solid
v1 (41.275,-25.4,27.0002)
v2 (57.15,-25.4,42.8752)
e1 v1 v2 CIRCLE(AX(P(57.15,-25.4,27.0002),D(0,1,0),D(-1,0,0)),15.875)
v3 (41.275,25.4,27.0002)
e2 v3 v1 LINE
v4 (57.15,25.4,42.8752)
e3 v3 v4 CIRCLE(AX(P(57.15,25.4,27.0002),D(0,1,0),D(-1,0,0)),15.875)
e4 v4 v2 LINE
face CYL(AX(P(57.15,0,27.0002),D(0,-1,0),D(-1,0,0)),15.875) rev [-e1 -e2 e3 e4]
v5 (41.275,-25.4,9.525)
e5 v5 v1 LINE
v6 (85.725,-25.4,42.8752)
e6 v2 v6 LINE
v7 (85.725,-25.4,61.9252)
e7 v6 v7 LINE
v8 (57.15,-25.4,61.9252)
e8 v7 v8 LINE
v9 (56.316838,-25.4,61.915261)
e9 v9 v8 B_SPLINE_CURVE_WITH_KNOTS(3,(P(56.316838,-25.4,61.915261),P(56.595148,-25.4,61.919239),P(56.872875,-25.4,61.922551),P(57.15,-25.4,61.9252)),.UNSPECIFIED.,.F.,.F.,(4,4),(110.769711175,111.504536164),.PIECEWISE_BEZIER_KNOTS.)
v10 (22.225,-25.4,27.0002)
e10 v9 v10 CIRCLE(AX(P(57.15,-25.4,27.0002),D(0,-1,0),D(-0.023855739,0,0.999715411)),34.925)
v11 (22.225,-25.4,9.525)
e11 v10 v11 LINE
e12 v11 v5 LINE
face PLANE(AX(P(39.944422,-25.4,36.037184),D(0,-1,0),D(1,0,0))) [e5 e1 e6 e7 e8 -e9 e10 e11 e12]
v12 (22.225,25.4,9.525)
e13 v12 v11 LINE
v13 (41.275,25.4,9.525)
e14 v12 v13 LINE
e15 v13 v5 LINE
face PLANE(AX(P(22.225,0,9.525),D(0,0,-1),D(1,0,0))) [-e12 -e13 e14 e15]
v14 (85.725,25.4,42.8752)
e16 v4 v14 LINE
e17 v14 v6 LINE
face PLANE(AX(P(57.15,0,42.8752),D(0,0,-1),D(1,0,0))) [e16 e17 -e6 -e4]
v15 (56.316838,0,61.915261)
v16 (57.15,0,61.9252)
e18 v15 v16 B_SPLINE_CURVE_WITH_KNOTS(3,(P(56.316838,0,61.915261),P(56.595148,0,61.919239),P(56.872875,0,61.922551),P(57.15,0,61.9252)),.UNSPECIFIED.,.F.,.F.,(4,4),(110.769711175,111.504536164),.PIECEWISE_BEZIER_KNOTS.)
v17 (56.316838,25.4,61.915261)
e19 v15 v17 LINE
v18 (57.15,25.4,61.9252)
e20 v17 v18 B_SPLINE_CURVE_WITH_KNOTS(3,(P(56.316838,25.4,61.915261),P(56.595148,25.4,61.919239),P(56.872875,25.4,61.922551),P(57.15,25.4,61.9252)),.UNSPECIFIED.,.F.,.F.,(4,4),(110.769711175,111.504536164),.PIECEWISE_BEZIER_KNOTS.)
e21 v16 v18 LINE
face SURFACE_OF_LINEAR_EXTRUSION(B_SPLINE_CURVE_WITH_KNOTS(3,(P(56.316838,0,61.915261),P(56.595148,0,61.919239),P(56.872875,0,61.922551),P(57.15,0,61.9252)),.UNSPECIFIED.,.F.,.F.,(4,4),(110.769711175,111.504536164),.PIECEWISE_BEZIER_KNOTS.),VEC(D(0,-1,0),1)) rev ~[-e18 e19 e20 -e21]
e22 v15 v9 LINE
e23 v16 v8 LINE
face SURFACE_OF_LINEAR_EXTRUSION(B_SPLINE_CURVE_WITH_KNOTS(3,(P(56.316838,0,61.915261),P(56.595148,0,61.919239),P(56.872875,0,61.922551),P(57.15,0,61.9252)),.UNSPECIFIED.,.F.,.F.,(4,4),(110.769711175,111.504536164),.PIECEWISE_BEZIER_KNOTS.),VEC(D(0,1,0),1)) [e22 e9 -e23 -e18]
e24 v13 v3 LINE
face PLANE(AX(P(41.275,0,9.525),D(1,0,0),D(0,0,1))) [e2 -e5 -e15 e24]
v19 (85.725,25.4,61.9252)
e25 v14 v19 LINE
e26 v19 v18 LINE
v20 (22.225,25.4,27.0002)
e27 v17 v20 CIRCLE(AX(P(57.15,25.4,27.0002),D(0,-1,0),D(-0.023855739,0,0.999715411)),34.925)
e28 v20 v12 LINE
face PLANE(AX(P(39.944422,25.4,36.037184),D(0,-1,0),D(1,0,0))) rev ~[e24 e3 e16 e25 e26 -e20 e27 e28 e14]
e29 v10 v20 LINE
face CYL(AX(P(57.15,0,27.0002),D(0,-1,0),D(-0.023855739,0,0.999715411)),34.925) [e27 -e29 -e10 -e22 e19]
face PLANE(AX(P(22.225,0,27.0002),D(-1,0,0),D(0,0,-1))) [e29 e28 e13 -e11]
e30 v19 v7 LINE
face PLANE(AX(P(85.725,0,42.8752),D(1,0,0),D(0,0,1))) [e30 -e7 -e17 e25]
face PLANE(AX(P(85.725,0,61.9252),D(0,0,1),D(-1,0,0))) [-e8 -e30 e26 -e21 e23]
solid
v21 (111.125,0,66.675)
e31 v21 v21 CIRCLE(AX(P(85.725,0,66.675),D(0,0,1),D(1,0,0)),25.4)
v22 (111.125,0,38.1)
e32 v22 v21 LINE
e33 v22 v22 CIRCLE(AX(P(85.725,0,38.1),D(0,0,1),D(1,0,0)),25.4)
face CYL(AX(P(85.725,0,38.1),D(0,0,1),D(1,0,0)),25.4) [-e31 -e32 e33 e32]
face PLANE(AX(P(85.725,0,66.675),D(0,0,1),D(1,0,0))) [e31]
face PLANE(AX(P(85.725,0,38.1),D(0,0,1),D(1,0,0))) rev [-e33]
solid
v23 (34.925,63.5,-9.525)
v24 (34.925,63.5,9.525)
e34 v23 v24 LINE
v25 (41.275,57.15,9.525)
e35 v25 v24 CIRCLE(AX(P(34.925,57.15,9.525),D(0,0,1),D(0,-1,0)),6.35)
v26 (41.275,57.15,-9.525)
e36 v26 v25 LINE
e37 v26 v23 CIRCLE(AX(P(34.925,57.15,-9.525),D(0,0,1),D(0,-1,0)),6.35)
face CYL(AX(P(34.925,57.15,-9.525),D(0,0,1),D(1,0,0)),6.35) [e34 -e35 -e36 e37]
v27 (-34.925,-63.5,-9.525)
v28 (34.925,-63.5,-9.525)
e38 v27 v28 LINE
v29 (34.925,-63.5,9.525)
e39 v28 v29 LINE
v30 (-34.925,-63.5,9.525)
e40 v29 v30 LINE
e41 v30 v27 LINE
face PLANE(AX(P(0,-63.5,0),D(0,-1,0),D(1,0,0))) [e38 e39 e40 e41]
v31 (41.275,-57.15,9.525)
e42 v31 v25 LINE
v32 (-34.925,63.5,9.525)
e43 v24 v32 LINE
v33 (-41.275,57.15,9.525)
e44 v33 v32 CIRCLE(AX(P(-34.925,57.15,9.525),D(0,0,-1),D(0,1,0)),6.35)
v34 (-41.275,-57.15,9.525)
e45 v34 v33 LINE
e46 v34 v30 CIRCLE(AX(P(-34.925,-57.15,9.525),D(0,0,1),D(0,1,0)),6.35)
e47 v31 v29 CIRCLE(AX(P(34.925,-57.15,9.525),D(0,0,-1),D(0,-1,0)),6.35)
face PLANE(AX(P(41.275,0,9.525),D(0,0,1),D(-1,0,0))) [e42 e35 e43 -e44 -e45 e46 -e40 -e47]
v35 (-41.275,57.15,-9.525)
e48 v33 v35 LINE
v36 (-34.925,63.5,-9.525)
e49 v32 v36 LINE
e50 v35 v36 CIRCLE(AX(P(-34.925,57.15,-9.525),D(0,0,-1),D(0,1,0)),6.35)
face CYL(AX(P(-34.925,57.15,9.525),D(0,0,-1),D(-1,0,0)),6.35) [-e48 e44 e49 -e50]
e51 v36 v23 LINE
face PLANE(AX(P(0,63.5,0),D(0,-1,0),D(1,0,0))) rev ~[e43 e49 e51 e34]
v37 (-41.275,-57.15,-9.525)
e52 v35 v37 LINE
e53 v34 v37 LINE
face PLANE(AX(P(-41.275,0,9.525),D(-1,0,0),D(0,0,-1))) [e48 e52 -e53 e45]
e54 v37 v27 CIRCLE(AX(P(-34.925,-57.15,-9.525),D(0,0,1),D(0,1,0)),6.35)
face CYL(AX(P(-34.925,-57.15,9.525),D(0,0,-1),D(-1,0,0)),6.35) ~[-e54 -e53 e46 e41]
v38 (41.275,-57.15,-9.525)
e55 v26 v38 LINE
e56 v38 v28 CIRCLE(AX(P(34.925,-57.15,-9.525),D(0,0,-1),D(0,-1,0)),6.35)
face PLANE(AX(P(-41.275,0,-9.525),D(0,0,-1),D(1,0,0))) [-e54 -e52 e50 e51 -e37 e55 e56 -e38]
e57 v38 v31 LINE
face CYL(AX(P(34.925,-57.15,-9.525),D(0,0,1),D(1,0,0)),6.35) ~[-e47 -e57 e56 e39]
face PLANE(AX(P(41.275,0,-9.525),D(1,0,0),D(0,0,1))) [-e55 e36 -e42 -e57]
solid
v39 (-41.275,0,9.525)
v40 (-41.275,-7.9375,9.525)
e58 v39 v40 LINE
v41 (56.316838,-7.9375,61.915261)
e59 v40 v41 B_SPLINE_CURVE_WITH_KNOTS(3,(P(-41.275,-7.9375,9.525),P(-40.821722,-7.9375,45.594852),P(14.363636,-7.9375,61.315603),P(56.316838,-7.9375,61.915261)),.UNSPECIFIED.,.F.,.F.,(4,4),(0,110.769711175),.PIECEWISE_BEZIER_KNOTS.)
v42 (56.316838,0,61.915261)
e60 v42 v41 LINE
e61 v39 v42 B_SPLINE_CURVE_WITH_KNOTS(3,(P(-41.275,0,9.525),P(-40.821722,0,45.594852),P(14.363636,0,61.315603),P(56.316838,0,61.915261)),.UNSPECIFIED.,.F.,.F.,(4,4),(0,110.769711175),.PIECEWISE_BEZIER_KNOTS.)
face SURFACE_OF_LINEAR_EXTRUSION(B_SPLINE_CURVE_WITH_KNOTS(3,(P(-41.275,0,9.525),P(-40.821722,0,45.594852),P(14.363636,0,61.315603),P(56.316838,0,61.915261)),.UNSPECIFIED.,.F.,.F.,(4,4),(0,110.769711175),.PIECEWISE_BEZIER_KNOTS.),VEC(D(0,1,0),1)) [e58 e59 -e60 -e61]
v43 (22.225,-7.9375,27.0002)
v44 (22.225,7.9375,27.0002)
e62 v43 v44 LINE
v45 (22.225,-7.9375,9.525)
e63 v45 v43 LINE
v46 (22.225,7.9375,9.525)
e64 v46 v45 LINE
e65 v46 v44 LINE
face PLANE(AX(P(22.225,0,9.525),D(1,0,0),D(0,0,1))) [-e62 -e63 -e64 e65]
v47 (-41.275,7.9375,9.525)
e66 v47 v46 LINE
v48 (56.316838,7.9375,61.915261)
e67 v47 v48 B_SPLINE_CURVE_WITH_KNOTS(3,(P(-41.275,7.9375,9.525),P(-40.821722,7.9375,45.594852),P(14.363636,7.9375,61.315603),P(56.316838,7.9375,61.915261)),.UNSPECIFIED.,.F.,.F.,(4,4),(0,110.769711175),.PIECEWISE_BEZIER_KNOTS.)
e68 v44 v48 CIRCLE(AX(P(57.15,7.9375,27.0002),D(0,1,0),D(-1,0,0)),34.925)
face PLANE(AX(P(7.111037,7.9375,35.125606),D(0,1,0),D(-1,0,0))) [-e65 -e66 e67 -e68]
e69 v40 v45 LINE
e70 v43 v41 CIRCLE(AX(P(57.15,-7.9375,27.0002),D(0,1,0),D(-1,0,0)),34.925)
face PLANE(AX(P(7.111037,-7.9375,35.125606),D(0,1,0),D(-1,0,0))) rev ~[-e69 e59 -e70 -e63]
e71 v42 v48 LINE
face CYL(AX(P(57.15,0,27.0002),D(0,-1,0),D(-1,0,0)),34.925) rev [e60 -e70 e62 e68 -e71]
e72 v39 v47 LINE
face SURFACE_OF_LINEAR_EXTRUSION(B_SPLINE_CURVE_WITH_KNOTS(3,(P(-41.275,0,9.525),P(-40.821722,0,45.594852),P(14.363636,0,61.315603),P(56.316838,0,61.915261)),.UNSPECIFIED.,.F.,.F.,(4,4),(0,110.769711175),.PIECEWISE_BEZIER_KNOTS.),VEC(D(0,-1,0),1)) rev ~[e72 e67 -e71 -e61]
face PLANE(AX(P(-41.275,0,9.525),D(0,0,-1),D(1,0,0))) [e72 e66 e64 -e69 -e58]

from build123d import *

# Parameters (mm, degrees)
F1_DEPTH = 63.5
F0_W     = 25.4
F0_H     = 19.05
F2_DEPTH = 25.4
F3_DEPTH = 7.9375
F5_R     = 6.35


with BuildPart() as f1:
    # F0 (on Front) → F1 (new body, symmetric)
    with BuildSketch(Plane.XZ):
        Polygon((22.225, 9.525), (-41.275, 9.525), (-41.275, -9.525), (41.275, -9.525), (41.275, 9.525), align=None)
    extrude(amount=F1_DEPTH, both=True)

    # F5
    f5_edges = [f1.edges().sort_by_distance(p)[0] for p in [
        (-41.275, -63.5, 0),
        (41.275, -63.5, 0),
        (-41.275, 63.5, 0),
        (41.275, 63.5, 0),
    ]]
    fillet(f5_edges, radius=F5_R)


with BuildPart() as f2:
    # F0 (on Front) → F2 (new body, symmetric)
    with BuildSketch(Plane.XZ):
        with BuildLine():
            Line((22.225, 27.0002), (22.225, 9.525))
            Line((22.225, 9.525), (41.275, 9.525))
            Line((41.275, 9.525), (41.275, 27.0002))
            ThreePointArc((41.275, 27.0002), (45.9246798487, 38.2255201513), (57.15, 42.8752))
            Line((57.15, 42.8752), (60.325, 42.8752))
            Line((60.325, 42.8752), (60.325, 61.9252))
            Line((60.325, 61.9252), (57.15, 61.9252))
            add(Edge.make_bspline(
                [(56.3168383269, 61.9152607421), (56.5951478112, 61.9192387594), (56.8728749827, 61.9225513366), (57.15, 61.9252)],
                knots=[110.7697111748, 110.7697111748, 110.7697111748, 110.7697111748, 111.5045361635, 111.5045361635, 111.5045361635, 111.5045361635], degree=3))
            ThreePointArc((56.3168383269, 61.9152607421), (32.1614646644, 51.399559147), (22.225, 27.0002))
        make_face()
        with Locations((73.025, 52.4002)):
            Rectangle(F0_W, F0_H)
    extrude(amount=F2_DEPTH, both=True)


with BuildPart() as f3:
    # F0 (on Front) → F3 (new body, symmetric)
    with BuildSketch(Plane.XZ):
        with BuildLine():
            add(Edge.make_bspline(
                [(-41.275, 9.525), (-40.8217216009, 45.5948519834), (14.3636363113, 61.315602548), (56.3168383269, 61.9152607421)],
                knots=[0, 0, 0, 0, 110.7697111748, 110.7697111748, 110.7697111748, 110.7697111748], degree=3))
            Line((-41.275, 9.525), (22.225, 9.525))
            Line((22.225, 9.525), (22.225, 27.0002))
            ThreePointArc((22.225, 27.0002), (32.1614646644, 51.399559147), (56.3168383269, 61.9152607421))
        make_face()
    extrude(amount=F3_DEPTH, both=True)


with BuildPart() as f4:
    # F0 (on Front) → F4 (revolve)
    with BuildSketch(Plane.XZ):
        Polygon((85.725, 66.675), (85.725, 61.9252), (85.725, 42.8752), (85.725, 38.1), (111.125, 38.1), (111.125, 66.675), align=None)
    revolve(axis=Axis((85.725, 0, 52.3875), (0, 0, 1)))


solid = Compound([f1.part, f2.part, f3.part, f4.part])
